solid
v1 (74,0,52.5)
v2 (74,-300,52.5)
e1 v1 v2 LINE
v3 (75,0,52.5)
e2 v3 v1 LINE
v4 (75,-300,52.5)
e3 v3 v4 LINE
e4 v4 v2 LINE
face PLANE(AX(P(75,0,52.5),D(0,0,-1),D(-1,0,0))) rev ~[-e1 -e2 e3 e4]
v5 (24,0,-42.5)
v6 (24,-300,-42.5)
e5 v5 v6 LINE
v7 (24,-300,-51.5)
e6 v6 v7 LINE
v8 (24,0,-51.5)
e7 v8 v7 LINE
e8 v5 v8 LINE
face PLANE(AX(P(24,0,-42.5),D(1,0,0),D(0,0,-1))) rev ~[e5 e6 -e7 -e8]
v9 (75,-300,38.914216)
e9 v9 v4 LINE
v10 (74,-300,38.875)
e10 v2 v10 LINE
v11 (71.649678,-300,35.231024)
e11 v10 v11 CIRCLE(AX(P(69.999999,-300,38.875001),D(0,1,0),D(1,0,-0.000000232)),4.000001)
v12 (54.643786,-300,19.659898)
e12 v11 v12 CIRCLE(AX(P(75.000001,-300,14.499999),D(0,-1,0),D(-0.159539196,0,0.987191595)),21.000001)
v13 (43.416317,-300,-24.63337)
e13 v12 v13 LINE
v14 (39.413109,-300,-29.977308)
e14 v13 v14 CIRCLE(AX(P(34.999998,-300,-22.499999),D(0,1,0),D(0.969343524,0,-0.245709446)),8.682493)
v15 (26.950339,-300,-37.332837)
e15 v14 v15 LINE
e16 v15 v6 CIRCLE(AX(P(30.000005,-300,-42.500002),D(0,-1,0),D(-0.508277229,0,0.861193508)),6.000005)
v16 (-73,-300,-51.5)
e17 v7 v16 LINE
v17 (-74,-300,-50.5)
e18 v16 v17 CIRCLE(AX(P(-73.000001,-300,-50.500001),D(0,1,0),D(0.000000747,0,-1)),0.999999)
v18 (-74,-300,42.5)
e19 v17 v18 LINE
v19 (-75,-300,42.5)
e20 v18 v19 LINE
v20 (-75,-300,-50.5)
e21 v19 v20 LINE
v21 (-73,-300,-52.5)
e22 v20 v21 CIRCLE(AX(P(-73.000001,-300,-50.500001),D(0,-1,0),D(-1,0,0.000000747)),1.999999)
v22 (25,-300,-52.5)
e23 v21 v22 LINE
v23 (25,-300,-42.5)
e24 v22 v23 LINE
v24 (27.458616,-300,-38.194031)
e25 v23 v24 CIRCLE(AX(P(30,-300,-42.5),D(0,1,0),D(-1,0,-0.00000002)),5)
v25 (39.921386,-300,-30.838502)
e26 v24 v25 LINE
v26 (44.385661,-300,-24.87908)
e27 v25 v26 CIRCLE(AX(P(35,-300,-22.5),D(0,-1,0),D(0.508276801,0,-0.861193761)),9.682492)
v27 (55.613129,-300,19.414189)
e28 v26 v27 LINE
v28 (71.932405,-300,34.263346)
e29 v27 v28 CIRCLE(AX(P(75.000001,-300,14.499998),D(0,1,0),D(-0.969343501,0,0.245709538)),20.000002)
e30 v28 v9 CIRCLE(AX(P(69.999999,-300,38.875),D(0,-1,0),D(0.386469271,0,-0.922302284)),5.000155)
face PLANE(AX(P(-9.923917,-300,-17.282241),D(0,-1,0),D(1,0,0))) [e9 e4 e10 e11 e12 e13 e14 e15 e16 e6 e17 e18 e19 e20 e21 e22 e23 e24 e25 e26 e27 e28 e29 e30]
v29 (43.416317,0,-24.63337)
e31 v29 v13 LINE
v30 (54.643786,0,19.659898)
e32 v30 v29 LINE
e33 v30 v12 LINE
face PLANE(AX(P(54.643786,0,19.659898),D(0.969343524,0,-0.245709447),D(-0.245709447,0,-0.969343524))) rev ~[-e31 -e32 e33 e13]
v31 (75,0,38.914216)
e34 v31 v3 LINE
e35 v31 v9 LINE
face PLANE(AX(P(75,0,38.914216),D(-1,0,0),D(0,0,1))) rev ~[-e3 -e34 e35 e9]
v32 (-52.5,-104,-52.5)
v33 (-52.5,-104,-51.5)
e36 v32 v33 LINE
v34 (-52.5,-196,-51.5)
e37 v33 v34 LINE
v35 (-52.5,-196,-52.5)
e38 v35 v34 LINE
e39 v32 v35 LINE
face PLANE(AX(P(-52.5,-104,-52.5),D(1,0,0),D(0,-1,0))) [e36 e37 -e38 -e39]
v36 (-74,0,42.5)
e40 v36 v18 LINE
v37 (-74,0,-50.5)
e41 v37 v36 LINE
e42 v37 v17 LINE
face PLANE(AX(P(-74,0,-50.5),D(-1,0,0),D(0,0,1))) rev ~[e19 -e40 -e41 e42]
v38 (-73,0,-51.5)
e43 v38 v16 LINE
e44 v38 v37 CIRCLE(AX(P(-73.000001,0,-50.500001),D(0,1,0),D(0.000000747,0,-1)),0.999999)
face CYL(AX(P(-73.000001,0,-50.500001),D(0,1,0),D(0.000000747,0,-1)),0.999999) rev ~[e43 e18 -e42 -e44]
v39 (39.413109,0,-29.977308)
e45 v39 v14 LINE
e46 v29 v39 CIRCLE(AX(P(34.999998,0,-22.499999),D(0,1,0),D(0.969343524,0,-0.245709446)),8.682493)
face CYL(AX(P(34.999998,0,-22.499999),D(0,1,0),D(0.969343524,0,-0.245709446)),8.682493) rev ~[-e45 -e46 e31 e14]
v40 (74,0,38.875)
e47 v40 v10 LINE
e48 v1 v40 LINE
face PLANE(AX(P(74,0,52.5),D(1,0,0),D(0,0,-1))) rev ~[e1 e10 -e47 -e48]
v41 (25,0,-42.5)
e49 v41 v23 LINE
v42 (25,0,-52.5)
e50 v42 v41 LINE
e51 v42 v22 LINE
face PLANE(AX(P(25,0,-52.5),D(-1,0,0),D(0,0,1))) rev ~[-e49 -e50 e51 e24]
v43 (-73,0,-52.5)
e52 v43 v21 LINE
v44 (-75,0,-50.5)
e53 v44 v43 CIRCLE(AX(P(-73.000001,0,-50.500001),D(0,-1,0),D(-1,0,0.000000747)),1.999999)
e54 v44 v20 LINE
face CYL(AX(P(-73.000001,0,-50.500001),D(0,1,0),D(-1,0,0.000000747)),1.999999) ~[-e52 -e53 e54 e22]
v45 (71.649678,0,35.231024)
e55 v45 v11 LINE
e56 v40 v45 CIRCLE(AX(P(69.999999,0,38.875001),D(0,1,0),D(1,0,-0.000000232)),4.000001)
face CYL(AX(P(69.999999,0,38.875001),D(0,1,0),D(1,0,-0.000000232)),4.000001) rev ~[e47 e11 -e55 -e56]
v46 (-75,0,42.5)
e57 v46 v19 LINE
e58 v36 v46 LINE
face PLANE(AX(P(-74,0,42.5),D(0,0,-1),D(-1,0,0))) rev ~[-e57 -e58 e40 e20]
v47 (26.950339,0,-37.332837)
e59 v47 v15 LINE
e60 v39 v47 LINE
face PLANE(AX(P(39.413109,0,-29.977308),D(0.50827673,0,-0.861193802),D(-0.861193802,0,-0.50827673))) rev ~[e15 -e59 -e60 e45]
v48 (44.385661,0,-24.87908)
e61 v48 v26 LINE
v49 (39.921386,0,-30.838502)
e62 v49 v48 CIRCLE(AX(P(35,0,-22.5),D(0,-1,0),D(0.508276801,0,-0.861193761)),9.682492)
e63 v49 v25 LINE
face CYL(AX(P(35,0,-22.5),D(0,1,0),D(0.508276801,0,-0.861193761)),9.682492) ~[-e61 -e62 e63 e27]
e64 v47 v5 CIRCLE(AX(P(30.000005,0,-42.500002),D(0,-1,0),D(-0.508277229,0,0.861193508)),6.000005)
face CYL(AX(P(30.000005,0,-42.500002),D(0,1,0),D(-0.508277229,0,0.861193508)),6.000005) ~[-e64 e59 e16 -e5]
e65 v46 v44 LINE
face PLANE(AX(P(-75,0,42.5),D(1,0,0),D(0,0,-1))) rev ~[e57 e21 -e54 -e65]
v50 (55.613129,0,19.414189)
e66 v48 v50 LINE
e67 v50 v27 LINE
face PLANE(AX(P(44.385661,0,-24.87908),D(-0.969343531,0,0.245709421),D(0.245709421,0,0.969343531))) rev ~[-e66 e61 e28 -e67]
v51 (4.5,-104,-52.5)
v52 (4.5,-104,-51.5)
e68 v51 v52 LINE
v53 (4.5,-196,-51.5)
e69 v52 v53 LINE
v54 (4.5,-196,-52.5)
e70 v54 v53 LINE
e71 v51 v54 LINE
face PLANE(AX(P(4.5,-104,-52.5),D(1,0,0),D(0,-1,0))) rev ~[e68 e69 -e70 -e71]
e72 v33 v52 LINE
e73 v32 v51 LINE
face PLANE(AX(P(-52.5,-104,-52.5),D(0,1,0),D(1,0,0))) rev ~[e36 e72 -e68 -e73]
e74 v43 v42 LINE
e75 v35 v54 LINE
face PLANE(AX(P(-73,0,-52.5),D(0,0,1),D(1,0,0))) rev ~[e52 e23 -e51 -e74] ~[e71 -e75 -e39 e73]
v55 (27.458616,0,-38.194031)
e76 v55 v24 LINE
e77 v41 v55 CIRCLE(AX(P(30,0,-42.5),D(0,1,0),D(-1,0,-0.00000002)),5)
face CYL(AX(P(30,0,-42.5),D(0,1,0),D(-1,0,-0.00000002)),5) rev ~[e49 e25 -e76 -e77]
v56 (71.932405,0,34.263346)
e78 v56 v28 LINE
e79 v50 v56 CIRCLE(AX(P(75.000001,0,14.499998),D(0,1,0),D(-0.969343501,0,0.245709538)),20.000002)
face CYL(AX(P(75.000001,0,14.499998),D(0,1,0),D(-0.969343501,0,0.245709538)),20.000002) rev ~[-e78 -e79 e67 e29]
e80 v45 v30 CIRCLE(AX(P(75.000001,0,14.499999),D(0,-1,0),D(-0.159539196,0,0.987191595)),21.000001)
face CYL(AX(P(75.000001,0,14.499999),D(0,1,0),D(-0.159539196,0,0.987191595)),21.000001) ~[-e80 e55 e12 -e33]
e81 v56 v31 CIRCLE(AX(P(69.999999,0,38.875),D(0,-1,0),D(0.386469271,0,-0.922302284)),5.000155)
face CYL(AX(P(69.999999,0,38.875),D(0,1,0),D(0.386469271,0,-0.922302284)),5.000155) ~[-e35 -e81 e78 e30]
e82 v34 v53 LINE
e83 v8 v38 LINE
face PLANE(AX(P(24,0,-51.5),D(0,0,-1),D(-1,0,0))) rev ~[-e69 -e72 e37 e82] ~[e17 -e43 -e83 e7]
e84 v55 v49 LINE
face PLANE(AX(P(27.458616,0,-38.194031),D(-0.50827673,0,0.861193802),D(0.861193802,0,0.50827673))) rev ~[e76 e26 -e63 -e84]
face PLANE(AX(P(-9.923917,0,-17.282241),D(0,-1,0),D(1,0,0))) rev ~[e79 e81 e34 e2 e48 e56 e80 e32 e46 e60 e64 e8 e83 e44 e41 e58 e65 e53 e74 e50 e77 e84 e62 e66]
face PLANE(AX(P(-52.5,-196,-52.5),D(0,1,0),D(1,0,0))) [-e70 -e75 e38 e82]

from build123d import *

# Parameters (mm, degrees)
F1_DEPTH = 300
F2_W     = 57
F2_H     = 92
F3_DEPTH = 25
F4_DEPTH = 25
F5_DEPTH = 25


with BuildPart() as f1:
    # F0 (on Front) → F1 (new body)
    with BuildSketch(Plane.XZ):
        with BuildLine():
            Line((75, 38.914216), (75, 52.5))
            Line((75, 52.5), (74, 52.5))
            Line((74, 52.5), (74, 38.875))
            ThreePointArc((74, 38.875), (73.361451, 36.706903), (71.649678, 35.231024))
            ThreePointArc((71.649678, 35.231024), (60.8185, 29.988223), (54.643786, 19.659898))
            Line((54.643786, 19.659898), (43.416317, -24.63337))
            ThreePointArc((43.416317, -24.63337), (41.948954, -27.705545), (39.413109, -29.977308))
            Line((39.413109, -29.977308), (26.950339, -37.332837))
            ThreePointArc((26.950339, -37.332837), (24.789532, -39.524934), (24, -42.5))
            Line((24, -42.5), (24, -51.5))
            Line((24, -51.5), (-73, -51.5))
            ThreePointArc((-73, -51.5), (-73.707107, -51.207107), (-74, -50.5))
            Line((-74, -50.5), (-74, 42.5))
            Line((-74, 42.5), (-75, 42.5))
            Line((-75, 42.5), (-75, -50.5))
            ThreePointArc((-75, -50.5), (-74.414214, -51.914214), (-73, -52.5))
            Line((-73, -52.5), (25, -52.5))
            Line((25, -52.5), (25, -42.5))
            ThreePointArc((25, -42.5), (25.657943, -40.020778), (27.458616, -38.194031))
            Line((27.458616, -38.194031), (39.921386, -30.838502))
            ThreePointArc((39.921386, -30.838502), (42.749295, -28.305091), (44.385661, -24.87908))
            Line((44.385661, -24.87908), (55.613129, 19.414189))
            ThreePointArc((55.613129, 19.414189), (61.539869, 29.29273), (71.932405, 34.263346))
            ThreePointArc((71.932405, 34.263346), (74.173992, 36.121942), (75, 38.914216))
        make_face()
    extrude(amount=F1_DEPTH)

    # F2 (on face) → F3 (cut)
    with BuildSketch(Plane(origin=(0, 0, -52.5), x_dir=(1, 0, 0), z_dir=(0, 0, -1))):
        with Locations((-24, 150)):
            Rectangle(F2_W, F2_H)
    extrude(amount=-F3_DEPTH, mode=Mode.SUBTRACT)

    # F2 (on face) → F4 (cut)
    with BuildSketch(Plane(origin=(0, 0, -52.5), x_dir=(1, 0, 0), z_dir=(0, 0, -1))):
        with Locations((-24, 150)):
            Rectangle(F2_W, F2_H)
    extrude(amount=-F4_DEPTH, mode=Mode.SUBTRACT)

    # F2 (on face) → F5 (cut)
    with BuildSketch(Plane(origin=(0, 0, -52.5), x_dir=(1, 0, 0), z_dir=(0, 0, -1))):
        with Locations((-24, 150)):
            Rectangle(F2_W, F2_H)
    extrude(amount=-F5_DEPTH, mode=Mode.SUBTRACT)


solid = f1.part
